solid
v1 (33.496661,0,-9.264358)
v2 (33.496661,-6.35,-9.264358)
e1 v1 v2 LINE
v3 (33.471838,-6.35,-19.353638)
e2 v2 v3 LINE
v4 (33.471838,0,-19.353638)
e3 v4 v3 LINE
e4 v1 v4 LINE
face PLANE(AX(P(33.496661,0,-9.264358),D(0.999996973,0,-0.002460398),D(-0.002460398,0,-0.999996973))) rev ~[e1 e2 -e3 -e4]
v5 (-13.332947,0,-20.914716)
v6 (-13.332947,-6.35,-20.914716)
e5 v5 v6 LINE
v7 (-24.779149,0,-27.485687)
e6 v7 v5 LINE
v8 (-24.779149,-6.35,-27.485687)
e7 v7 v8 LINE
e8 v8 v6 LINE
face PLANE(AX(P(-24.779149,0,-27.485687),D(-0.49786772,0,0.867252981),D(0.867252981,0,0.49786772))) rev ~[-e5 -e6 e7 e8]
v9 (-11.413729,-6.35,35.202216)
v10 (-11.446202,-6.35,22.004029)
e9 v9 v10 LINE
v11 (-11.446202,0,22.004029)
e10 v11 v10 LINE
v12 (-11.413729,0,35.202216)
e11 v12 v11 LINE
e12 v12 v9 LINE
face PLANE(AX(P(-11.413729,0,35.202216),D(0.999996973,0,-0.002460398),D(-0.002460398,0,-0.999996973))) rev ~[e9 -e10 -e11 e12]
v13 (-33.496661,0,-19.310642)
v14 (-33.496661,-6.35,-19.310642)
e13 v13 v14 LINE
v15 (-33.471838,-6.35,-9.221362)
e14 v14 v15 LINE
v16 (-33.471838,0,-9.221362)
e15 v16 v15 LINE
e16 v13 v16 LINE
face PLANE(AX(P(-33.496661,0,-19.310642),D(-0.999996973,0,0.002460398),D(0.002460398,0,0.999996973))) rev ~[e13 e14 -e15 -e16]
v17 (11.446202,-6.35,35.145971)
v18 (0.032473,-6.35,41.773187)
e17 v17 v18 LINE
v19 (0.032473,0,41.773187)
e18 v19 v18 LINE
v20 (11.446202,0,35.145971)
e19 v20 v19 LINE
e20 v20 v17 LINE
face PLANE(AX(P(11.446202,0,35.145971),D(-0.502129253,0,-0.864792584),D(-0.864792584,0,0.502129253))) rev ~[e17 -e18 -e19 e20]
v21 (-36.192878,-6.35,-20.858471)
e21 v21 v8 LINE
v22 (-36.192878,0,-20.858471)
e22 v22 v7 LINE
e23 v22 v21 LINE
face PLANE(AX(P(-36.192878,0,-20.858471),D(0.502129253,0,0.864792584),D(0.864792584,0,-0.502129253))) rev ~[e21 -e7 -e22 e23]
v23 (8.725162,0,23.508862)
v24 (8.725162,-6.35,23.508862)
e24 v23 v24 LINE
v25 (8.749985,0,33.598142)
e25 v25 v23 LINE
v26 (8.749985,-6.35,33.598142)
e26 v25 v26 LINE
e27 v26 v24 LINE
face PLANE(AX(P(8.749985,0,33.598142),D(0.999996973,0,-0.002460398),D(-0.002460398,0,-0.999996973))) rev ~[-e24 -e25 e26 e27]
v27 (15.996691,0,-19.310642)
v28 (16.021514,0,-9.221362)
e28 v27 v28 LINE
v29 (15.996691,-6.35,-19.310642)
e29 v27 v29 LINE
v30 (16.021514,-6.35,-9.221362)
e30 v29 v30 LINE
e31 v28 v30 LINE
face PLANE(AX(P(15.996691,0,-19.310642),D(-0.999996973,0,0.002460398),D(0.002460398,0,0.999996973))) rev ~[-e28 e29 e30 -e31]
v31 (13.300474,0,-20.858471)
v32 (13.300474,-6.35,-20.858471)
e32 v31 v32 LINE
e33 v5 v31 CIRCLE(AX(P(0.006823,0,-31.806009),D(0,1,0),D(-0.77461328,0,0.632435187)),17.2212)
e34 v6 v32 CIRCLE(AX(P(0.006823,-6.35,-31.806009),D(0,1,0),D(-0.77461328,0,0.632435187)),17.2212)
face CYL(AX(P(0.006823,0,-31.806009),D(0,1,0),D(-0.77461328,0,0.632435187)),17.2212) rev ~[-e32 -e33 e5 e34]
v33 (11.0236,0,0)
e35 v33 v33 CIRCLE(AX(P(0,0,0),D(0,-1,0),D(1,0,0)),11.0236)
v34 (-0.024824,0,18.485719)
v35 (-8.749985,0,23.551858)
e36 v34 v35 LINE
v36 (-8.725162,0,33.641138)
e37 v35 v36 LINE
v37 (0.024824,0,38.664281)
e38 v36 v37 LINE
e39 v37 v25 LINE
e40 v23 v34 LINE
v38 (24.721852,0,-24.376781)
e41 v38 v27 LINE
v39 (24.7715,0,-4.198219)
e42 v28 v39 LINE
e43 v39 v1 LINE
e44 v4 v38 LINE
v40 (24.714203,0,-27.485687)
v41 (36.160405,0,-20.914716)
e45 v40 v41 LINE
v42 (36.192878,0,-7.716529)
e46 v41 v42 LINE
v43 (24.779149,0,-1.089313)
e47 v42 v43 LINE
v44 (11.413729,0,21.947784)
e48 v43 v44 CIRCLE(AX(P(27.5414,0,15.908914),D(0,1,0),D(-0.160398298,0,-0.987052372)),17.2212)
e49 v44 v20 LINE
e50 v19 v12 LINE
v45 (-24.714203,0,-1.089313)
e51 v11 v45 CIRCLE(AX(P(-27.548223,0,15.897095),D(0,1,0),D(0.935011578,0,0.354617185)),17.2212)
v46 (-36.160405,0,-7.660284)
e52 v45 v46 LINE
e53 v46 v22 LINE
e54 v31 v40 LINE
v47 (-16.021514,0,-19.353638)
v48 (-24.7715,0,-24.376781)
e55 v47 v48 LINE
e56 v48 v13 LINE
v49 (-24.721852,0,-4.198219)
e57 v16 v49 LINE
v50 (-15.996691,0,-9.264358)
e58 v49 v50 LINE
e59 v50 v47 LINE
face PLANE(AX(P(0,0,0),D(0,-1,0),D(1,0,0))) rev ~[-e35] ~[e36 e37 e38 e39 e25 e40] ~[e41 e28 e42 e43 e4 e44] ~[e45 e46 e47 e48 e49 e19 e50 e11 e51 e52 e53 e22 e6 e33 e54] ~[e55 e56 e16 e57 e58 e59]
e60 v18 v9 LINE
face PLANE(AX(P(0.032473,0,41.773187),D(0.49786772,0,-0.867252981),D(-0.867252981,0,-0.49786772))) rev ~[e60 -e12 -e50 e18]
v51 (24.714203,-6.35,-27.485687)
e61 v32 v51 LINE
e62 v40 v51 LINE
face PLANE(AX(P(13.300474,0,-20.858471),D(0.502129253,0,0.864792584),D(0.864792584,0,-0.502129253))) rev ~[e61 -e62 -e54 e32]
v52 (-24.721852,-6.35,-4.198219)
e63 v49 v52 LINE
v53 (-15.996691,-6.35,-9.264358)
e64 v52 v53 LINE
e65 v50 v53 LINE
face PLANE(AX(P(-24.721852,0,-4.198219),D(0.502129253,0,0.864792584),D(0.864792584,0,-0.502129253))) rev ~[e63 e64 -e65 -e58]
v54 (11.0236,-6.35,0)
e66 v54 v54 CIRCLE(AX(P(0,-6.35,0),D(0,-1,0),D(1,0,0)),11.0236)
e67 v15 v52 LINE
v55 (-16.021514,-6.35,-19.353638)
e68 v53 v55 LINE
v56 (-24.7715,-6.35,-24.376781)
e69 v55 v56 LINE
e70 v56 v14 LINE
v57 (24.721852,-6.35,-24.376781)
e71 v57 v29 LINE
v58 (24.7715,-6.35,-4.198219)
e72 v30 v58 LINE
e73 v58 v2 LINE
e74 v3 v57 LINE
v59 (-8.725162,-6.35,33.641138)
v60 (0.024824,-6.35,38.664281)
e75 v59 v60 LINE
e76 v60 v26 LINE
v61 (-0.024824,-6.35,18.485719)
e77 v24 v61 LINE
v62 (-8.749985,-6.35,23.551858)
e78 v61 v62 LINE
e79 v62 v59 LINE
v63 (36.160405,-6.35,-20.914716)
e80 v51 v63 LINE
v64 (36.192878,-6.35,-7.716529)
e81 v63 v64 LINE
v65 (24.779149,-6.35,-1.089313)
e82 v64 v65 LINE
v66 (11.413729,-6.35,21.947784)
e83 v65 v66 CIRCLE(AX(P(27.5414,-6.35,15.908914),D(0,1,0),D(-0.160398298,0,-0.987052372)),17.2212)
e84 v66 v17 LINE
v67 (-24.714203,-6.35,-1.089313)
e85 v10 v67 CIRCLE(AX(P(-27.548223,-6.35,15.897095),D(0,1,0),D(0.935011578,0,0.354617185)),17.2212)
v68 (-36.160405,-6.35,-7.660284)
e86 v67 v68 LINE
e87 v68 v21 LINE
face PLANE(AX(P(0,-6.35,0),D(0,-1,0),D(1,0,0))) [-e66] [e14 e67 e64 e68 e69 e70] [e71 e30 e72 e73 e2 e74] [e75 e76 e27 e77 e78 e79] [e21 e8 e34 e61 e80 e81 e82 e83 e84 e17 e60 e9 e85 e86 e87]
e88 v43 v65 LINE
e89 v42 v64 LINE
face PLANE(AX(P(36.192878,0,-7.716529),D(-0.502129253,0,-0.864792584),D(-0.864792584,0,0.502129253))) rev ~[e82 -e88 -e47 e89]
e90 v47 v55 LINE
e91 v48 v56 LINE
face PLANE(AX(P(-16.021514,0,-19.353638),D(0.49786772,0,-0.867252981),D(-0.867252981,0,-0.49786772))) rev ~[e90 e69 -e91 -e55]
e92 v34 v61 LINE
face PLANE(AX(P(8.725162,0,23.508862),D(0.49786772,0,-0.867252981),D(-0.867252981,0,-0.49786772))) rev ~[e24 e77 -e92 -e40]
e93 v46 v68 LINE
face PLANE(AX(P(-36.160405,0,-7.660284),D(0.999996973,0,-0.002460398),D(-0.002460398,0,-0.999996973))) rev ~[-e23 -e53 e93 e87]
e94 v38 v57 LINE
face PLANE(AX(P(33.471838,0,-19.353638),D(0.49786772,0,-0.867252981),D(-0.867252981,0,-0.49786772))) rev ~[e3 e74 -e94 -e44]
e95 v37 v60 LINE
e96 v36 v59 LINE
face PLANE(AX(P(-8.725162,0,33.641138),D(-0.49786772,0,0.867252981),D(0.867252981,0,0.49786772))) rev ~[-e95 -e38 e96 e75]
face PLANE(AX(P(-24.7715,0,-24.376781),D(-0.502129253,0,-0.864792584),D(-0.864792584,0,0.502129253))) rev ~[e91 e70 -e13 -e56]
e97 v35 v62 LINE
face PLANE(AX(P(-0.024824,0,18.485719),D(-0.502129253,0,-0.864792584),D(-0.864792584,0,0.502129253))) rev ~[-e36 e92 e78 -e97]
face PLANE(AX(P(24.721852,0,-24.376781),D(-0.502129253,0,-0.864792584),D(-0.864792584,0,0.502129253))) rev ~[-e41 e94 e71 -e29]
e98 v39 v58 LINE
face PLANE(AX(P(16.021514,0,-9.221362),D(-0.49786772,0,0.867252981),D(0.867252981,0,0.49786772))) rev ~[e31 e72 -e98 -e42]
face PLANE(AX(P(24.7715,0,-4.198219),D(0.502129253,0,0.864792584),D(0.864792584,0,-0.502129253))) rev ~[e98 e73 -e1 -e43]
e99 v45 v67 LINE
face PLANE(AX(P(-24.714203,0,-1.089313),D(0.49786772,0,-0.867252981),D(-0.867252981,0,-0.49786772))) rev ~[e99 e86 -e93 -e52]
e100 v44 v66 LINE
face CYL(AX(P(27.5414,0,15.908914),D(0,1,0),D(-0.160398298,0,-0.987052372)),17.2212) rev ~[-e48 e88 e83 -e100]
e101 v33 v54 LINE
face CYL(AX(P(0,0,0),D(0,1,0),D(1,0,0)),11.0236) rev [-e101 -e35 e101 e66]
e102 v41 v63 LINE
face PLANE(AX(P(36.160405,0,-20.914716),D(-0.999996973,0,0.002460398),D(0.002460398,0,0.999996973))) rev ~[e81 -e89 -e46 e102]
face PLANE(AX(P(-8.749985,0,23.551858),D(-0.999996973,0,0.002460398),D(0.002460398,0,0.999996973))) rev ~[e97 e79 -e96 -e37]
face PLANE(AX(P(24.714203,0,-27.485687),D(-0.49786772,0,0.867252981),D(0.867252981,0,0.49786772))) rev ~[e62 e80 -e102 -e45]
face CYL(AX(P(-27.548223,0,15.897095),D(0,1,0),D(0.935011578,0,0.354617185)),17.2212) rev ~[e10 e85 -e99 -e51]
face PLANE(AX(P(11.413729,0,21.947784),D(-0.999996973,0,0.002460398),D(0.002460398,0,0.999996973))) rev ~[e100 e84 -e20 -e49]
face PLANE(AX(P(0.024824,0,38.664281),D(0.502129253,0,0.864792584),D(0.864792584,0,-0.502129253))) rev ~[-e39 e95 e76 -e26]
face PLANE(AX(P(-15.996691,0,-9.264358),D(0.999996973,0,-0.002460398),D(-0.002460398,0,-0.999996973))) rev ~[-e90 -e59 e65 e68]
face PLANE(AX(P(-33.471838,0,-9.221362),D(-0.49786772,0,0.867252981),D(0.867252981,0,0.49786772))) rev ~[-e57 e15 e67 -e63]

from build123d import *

# Parameters (mm, degrees)
F0_R     = 14.2875
F0_R_2   = 11.0236
F1_DEPTH = 6.35


with BuildPart() as f1:
    # F0 (on Front) → F1 (new body)
    with BuildSketch(Plane.XZ):
        with BuildLine():
            ThreePointArc((24.7791487997, -1.0893127945), (12.6456204408, 7.2668372855), (11.4137289606, 21.9477840526))
            Line((11.4137289606, 21.9477840526), (-0.0324728866, 15.3768127945))
            Line((-0.0324728866, 15.3768127945), (-11.4462018472, 22.0040287419))
            ThreePointArc((-11.4462018472, 22.0040287419), (-12.6160759148, 7.3180099056), (-24.7142030266, -1.0893127945))
            Line((-24.7142030266, -1.0893127945), (-13.300474066, -7.7165287419))
            Line((-13.300474066, -7.7165287419), (-13.3329469525, -20.9147159474))
            ThreePointArc((-13.3329469525, -20.9147159474), (-0.029544526, -14.5848471911), (13.300474066, -20.8584712581))
            Line((13.300474066, -20.8584712581), (13.3329469525, -7.6602840526))
            Line((13.3329469525, -7.6602840526), (24.7791487997, -1.0893127945))
        make_face()
        Circle(F0_R, mode=Mode.SUBTRACT)
        Circle(F0_R)
        Circle(F0_R_2, mode=Mode.SUBTRACT)
        Polygon((-13.300474066, -7.7165287419), (-24.7142030266, -1.0893127945), (-36.1604048737, -7.6602840526), (-36.1928777603, -20.8584712581), (-24.7791487997, -27.4856872055), (-13.3329469525, -20.9147159474), align=None)
        Polygon((-24.7714996309, -24.376780886), (-33.4966613252, -19.3106424728), (-33.4718376075, -9.2213615868), (-24.7218521954, -4.198219114), (-15.9966905011, -9.2643575272), (-16.0215142188, -19.3536384132), align=None, mode=Mode.SUBTRACT)
        Polygon((36.1928777603, -7.7165287419), (24.7791487997, -1.0893127945), (13.3329469525, -7.6602840526), (13.300474066, -20.8584712581), (24.7142030266, -27.4856872055), (36.1604048737, -20.9147159474), align=None)
        Polygon((33.4966613252, -9.2643575272), (33.4718376075, -19.3536384132), (24.7218521954, -24.376780886), (15.9966905011, -19.3106424728), (16.0215142188, -9.2213615868), (24.7714996309, -4.198219114), align=None, mode=Mode.SUBTRACT)
        Polygon((-0.0324728866, 15.3768127945), (11.4137289606, 21.9477840526), (11.4462018472, 35.1459712581), (0.0324728866, 41.7731872055), (-11.4137289606, 35.2022159474), (-11.4462018472, 22.0040287419), align=None)
        Polygon((8.749985412, 33.5981424728), (8.7251616943, 23.5088615868), (-0.0248237177, 18.485719114), (-8.749985412, 23.5518575272), (-8.7251616943, 33.6411384132), (0.0248237177, 38.664280886), align=None, mode=Mode.SUBTRACT)
    extrude(amount=F1_DEPTH)


solid = f1.part
